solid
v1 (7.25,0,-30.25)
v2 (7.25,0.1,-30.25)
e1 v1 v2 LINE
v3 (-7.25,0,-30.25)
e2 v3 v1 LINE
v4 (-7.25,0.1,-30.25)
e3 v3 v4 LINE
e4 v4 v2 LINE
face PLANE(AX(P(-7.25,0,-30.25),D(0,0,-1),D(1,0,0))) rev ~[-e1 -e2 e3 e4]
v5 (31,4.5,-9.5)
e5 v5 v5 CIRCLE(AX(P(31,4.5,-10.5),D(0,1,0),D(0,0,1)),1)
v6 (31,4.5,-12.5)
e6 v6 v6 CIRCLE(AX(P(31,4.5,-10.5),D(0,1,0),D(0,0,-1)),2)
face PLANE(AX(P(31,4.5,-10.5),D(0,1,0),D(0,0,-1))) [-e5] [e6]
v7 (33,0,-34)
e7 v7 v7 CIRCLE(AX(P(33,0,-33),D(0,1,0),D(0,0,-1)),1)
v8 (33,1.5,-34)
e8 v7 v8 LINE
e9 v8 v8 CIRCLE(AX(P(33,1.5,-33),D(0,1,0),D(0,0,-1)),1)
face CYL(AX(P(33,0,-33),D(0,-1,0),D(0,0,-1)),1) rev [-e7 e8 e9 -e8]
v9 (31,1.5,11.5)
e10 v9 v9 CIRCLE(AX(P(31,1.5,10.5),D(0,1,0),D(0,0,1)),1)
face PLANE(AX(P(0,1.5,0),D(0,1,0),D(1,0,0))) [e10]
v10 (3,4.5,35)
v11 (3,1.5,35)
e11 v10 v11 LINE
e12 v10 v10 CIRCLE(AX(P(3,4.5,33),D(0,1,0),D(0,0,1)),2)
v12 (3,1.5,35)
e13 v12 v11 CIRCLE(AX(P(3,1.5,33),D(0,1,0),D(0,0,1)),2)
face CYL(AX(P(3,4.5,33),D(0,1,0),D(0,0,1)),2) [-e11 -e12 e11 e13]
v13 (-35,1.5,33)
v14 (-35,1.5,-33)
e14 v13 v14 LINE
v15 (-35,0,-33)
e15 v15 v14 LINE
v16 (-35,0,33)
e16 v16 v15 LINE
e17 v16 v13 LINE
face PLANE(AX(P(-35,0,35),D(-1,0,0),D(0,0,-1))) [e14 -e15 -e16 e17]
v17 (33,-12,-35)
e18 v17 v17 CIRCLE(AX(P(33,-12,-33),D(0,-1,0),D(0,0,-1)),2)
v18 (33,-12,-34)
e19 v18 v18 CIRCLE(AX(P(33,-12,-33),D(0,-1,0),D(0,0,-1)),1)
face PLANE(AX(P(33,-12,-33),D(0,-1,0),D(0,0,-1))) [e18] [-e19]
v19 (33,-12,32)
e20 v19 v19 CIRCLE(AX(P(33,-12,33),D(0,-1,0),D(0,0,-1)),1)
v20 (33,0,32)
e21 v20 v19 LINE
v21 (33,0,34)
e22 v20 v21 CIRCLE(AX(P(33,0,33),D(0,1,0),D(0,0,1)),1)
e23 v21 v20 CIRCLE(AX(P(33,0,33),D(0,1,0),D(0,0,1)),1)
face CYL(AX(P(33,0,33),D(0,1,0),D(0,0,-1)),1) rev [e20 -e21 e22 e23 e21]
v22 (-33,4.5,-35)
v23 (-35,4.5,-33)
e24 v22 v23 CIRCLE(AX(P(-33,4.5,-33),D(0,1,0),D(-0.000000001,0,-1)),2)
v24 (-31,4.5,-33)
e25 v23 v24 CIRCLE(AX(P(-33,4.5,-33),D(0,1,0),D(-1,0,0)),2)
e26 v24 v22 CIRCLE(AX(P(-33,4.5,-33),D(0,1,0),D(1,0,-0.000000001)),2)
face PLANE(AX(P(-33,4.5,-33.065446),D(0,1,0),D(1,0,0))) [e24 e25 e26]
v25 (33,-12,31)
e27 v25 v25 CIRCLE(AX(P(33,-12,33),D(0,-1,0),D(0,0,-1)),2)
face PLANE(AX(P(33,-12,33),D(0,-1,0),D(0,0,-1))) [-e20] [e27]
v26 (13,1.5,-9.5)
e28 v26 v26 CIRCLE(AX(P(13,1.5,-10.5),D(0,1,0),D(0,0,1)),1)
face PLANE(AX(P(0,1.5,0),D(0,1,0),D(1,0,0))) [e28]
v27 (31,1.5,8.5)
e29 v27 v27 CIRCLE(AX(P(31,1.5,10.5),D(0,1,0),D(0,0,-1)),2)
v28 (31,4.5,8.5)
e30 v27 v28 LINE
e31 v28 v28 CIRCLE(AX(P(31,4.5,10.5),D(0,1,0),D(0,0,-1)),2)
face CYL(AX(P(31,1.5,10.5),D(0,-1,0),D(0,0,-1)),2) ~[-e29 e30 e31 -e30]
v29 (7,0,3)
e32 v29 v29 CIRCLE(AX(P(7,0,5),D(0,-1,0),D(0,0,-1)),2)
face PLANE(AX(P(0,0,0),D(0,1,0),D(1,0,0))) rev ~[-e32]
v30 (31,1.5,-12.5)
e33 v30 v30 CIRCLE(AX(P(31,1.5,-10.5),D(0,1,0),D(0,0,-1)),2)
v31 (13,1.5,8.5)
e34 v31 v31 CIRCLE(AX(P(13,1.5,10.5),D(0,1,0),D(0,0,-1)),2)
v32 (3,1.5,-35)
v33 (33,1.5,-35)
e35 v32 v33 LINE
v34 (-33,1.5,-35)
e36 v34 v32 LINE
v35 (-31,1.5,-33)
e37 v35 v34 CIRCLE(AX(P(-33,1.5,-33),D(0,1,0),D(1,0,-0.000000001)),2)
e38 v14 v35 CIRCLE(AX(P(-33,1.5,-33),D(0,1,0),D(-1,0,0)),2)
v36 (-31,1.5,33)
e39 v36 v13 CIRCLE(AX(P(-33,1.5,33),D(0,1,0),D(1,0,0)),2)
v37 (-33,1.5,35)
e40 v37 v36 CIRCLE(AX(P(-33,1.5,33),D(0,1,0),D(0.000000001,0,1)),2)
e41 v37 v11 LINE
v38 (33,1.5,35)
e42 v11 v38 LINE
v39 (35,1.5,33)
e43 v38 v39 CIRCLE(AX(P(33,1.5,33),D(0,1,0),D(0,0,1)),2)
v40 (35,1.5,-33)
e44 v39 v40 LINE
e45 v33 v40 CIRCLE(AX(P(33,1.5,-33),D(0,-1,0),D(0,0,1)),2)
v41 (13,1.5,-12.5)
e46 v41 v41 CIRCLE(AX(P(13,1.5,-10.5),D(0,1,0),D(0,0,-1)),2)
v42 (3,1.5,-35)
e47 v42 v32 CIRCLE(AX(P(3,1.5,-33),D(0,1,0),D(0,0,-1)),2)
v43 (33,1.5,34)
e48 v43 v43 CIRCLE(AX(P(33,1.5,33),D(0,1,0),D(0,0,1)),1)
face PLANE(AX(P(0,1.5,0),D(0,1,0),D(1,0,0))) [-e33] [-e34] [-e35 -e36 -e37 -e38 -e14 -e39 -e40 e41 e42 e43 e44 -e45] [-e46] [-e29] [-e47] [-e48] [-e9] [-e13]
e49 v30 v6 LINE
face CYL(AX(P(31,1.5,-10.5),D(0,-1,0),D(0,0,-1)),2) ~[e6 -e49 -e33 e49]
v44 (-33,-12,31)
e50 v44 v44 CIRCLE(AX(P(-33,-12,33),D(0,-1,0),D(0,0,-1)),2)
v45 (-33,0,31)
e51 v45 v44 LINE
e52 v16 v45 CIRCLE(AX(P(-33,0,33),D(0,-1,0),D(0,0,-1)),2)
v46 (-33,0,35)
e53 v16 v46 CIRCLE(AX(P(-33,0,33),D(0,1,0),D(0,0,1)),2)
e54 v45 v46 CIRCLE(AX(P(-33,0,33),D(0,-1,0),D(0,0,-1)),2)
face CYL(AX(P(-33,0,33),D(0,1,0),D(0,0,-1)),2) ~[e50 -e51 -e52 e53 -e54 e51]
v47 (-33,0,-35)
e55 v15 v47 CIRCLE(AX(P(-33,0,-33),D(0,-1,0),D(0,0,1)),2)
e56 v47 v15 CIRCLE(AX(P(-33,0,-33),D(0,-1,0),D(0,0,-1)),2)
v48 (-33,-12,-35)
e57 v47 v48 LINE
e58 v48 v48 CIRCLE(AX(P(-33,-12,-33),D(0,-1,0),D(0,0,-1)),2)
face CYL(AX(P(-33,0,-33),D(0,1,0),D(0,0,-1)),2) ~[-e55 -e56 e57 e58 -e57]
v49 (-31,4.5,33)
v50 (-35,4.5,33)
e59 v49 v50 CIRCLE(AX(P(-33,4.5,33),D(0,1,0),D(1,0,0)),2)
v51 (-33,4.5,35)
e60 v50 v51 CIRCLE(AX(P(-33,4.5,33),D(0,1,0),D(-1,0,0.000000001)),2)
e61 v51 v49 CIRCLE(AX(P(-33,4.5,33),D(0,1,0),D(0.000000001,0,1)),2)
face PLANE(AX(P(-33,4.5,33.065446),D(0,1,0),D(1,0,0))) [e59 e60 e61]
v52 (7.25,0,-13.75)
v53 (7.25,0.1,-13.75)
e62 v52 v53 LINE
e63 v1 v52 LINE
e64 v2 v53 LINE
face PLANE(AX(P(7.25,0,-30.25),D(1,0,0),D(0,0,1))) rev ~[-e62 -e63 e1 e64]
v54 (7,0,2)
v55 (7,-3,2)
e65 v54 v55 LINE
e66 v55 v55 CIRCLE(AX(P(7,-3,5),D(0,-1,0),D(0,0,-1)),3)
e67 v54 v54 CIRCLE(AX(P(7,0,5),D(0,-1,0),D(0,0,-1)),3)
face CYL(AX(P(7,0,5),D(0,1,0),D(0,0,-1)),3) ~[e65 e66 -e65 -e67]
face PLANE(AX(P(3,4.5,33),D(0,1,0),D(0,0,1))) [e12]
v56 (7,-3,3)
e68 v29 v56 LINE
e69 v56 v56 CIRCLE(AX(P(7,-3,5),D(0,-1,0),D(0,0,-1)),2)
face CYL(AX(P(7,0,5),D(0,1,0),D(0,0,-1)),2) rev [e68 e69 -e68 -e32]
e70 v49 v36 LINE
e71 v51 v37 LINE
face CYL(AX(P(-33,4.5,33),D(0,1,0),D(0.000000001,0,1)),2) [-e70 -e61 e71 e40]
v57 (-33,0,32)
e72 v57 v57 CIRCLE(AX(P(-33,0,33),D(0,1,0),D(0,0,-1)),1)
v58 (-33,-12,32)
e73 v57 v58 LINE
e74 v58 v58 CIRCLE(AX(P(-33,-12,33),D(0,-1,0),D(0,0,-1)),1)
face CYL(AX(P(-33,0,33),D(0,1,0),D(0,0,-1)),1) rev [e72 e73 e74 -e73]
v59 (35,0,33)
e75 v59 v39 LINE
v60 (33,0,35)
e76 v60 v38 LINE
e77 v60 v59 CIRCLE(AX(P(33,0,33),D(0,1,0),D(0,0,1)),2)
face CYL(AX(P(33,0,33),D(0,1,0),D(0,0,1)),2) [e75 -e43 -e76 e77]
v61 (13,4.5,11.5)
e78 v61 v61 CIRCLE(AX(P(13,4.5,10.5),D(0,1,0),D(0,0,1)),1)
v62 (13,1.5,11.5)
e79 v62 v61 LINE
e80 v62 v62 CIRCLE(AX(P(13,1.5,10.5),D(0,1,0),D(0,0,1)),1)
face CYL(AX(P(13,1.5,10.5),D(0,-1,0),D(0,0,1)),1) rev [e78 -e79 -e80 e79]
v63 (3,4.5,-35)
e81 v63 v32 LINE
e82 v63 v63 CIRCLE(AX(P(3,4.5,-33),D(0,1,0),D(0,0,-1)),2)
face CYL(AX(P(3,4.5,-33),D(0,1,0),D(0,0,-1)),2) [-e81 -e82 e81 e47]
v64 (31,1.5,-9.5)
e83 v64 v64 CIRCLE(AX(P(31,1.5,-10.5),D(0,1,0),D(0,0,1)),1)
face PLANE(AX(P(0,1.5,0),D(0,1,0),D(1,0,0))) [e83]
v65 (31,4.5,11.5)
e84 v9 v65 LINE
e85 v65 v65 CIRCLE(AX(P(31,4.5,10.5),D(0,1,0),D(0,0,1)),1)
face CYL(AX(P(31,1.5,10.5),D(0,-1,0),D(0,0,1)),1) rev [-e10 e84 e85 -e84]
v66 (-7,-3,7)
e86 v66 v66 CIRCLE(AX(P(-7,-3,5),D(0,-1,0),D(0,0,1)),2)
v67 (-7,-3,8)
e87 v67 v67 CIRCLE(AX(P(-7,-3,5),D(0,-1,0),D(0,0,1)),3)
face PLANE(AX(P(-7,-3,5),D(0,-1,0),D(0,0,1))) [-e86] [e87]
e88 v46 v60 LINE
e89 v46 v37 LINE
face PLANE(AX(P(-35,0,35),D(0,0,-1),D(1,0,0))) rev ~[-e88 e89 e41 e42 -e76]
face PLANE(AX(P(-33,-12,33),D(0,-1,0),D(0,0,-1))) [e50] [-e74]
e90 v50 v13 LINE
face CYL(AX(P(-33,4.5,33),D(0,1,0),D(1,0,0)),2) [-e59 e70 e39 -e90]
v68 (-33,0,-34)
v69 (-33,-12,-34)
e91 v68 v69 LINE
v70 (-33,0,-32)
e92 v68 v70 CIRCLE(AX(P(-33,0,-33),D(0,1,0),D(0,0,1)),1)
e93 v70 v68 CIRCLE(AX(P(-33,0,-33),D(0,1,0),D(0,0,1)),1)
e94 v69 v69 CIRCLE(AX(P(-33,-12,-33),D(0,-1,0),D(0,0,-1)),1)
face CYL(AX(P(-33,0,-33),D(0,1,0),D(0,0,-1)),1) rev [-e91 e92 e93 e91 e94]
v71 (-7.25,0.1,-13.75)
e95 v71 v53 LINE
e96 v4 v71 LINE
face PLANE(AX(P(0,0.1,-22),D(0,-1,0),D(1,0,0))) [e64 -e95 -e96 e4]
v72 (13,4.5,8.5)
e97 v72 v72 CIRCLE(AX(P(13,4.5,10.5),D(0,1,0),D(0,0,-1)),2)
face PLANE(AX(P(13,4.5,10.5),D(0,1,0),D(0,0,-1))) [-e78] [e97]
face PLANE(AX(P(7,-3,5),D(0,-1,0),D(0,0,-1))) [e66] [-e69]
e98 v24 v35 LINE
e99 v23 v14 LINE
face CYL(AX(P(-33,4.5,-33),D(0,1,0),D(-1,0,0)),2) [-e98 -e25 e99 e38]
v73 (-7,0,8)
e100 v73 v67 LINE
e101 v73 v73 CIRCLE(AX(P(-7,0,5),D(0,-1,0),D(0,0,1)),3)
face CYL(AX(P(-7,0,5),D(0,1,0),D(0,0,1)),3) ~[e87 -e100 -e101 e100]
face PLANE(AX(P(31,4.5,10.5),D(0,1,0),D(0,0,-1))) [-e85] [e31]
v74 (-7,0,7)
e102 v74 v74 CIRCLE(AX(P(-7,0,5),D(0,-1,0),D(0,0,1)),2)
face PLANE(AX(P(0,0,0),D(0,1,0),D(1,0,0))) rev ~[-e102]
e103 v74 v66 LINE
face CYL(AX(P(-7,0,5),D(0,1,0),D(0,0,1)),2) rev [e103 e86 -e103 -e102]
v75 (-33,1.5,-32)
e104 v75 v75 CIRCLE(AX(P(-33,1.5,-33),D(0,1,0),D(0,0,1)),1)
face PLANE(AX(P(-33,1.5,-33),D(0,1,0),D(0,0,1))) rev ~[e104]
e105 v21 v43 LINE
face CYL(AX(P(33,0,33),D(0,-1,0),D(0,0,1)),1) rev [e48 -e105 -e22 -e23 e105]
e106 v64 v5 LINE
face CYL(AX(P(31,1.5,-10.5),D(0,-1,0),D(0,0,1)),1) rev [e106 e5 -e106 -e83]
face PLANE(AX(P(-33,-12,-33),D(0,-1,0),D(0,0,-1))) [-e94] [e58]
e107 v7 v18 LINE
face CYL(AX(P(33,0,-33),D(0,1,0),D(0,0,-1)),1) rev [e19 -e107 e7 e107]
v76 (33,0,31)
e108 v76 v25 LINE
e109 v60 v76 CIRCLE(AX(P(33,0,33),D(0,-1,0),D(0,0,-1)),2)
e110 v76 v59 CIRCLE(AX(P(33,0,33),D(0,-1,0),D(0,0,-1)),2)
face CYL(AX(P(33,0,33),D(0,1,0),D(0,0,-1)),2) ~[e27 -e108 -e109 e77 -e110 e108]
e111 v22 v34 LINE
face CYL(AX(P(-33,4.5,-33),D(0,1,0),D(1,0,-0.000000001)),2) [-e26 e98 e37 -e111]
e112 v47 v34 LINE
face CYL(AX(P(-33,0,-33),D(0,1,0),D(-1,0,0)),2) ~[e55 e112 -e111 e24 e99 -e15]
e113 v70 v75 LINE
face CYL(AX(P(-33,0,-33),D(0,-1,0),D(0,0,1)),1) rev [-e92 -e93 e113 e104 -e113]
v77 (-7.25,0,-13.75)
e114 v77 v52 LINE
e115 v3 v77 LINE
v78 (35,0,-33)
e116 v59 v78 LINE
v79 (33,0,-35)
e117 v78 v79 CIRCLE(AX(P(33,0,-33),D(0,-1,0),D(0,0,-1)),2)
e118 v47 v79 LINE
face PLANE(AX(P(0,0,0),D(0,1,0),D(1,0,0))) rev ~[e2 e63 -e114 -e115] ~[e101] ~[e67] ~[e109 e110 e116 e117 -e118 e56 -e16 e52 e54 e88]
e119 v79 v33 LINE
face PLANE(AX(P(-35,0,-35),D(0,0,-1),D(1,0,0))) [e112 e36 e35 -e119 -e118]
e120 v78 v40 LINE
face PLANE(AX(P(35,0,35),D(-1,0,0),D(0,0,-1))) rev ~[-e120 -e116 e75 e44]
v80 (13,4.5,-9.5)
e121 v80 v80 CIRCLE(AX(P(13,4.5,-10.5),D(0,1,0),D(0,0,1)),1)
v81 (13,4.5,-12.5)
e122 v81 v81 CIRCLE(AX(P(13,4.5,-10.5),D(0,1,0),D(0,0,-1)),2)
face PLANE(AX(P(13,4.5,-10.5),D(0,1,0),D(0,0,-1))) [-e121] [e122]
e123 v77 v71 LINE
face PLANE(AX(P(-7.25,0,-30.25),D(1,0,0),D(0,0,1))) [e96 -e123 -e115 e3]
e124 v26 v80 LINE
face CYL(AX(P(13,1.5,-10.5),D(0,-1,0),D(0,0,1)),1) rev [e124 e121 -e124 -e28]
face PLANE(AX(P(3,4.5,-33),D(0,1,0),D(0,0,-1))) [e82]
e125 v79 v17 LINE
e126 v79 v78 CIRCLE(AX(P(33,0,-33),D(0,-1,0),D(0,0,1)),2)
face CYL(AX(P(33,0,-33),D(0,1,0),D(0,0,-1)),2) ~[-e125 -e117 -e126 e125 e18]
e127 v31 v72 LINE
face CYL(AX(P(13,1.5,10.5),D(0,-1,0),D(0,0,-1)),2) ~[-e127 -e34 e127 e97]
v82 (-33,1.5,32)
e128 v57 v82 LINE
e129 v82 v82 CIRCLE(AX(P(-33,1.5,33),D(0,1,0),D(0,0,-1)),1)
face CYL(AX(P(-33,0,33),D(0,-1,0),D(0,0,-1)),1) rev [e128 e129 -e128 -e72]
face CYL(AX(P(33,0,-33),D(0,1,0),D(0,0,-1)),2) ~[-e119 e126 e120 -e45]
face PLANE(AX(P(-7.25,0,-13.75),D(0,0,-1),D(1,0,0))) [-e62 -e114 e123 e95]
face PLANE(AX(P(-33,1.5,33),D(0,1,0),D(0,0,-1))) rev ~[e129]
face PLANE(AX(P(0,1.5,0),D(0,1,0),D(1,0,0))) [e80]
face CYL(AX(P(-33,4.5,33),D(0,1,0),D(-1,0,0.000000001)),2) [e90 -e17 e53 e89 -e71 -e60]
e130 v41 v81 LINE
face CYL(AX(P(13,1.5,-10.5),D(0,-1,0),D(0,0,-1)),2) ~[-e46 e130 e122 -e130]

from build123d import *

# Parameters (mm, degrees)
SKETCH1_W           = 70
SKETCH1_H           = 70
SKETCH1_R           = 1
BOSS_EXTRUDE1_DEPTH = 1.5
FILLET1_R           = 2
SKETCH2_W           = 14.5
SKETCH2_H           = 16.5
CUT_EXTRUDE3_DEPTH  = 0.1
SKETCH3_R           = 3
SKETCH3_R_2         = 2
BOSS_EXTRUDE2_DEPTH = 3
BOSS_EXTRUDE3_START = 3
SKETCH4_R           = 1
SKETCH4_R_2         = 2
BOSS_EXTRUDE3_DEPTH = 3
SKETCH5_R           = 2
SKETCH5_R_2         = 1
BOSS_EXTRUDE4_DEPTH = 3
SKETCH6_R           = 2
SKETCH6_R_2         = 1
BOSS_EXTRUDE5_DEPTH = 12


with BuildPart() as part:
    # Sketch1 → Boss-Extrude1 (new body)
    with BuildSketch(Plane(origin=(0, 0, 0), x_dir=(1, 0, 0), z_dir=(0, 1, 0))):
        Rectangle(SKETCH1_W, SKETCH1_H)
        with Locations(Location((-33, 33, 0), (0, 0, 270))):
            Circle(SKETCH1_R, mode=Mode.SUBTRACT)
        with Locations(Location((-33, -33, 0), (0, 0, 90))):
            Circle(SKETCH1_R, mode=Mode.SUBTRACT)
        with Locations(Location((33, -33, 0), (0, 0, 270))):
            Circle(SKETCH1_R, mode=Mode.SUBTRACT)
        with Locations(Location((33, 33, 0), (0, 0, 90))):
            Circle(SKETCH1_R, mode=Mode.SUBTRACT)
    extrude(amount=BOSS_EXTRUDE1_DEPTH)

    # Fillet1
    fillet1_edges = [part.edges().sort_by_distance(p)[0] for p in [
        (35, 0.75, 35),
        (-35, 0.75, 35),
        (-35, 0.75, -35),
        (35, 0.75, -35),
    ]]
    fillet(fillet1_edges, radius=FILLET1_R)

    # Sketch2 → Cut-Extrude3 (cut)
    with BuildSketch(Plane.XZ):
        with Locations((0, -22)):
            Rectangle(SKETCH2_W, SKETCH2_H)
    extrude(amount=-CUT_EXTRUDE3_DEPTH, mode=Mode.SUBTRACT)

    # Sketch3 → Boss-Extrude2 (add)
    # profile 1 of 2: a face of its own
    with BuildSketch(Plane.XZ):
        with Locations(Location((7, 5, 0), (0, 0, 270))):
            Circle(SKETCH3_R)
        with Locations(Location((7, 5, 0), (0, 0, 270))):
            Circle(SKETCH3_R_2, mode=Mode.SUBTRACT)
    # profile 2 of 2: a face of its own
    with BuildSketch(Plane.XZ):
        with Locations(Location((-7, 5, 0), (0, 0, 90))):
            Circle(SKETCH3_R)
        with Locations(Location((-7, 5, 0), (0, 0, 90))):
            Circle(SKETCH3_R_2, mode=Mode.SUBTRACT)
    extrude(amount=BOSS_EXTRUDE2_DEPTH)

    # Sketch4 → Boss-Extrude3 (add)
    # profile 1 of 6: a face of its own
    with BuildSketch(Plane(origin=(0, 1.5, 0), x_dir=(1, 0, 0), z_dir=(0, 1, 0)).offset(BOSS_EXTRUDE3_START)):
        with BuildLine():
            ThreePointArc((-35, -33), (-34.414213562, -34.414213562), (-33, -35))
            ThreePointArc((-33, -35), (-31.585786438, -34.414213562), (-31, -33))
            ThreePointArc((-31, -33), (-33, -31), (-35, -33))
        make_face()
        with Locations(Location((-33, -33, 0), (0, 0, 90))):
            Circle(SKETCH4_R, mode=Mode.SUBTRACT)
    # profile 2 of 6: a face of its own
    with BuildSketch(Plane(origin=(0, 1.5, 0), x_dir=(1, 0, 0), z_dir=(0, 1, 0)).offset(BOSS_EXTRUDE3_START)):
        with Locations(Location((-33, -33, 0), (0, 0, 90))):
            Circle(SKETCH4_R)
    # profile 3 of 6: a face of its own
    with BuildSketch(Plane(origin=(0, 1.5, 0), x_dir=(1, 0, 0), z_dir=(0, 1, 0)).offset(BOSS_EXTRUDE3_START)):
        with Locations(Location((3, -33, 0), (0, 0, 270))):
            Circle(SKETCH4_R_2)
    # profile 4 of 6: a face of its own
    with BuildSketch(Plane(origin=(0, 1.5, 0), x_dir=(1, 0, 0), z_dir=(0, 1, 0)).offset(BOSS_EXTRUDE3_START)):
        with Locations(Location((3, 33, 0), (0, 0, 90))):
            Circle(SKETCH4_R_2)
    # profile 5 of 6: a face of its own
    with BuildSketch(Plane(origin=(0, 1.5, 0), x_dir=(1, 0, 0), z_dir=(0, 1, 0)).offset(BOSS_EXTRUDE3_START)):
        with BuildLine():
            ThreePointArc((-33, 35), (-34.414213562, 34.414213562), (-35, 33))
            ThreePointArc((-35, 33), (-33, 31), (-31, 33))
            ThreePointArc((-31, 33), (-31.585786438, 34.414213562), (-33, 35))
        make_face()
        with Locations(Location((-33, 33, 0), (0, 0, 270))):
            Circle(SKETCH4_R, mode=Mode.SUBTRACT)
    # profile 6 of 6: a face of its own
    with BuildSketch(Plane(origin=(0, 1.5, 0), x_dir=(1, 0, 0), z_dir=(0, 1, 0)).offset(BOSS_EXTRUDE3_START)):
        with Locations(Location((-33, 33, 0), (0, 0, 270))):
            Circle(SKETCH4_R)
    extrude(amount=-BOSS_EXTRUDE3_DEPTH)

    # Sketch5 → Boss-Extrude4 (add)
    # profile 1 of 4: a face of its own
    with BuildSketch(Plane(origin=(0, 1.5, 0), x_dir=(1, 0, 0), z_dir=(0, 1, 0))):
        with Locations(Location((13, 10.5, 0), (0, 0, 90))):
            Circle(SKETCH5_R)
        with Locations(Location((13, 10.5, 0), (0, 0, 270))):
            Circle(SKETCH5_R_2, mode=Mode.SUBTRACT)
    # profile 2 of 4: a face of its own
    with BuildSketch(Plane(origin=(0, 1.5, 0), x_dir=(1, 0, 0), z_dir=(0, 1, 0))):
        with Locations(Location((31, 10.5, 0), (0, 0, 90))):
            Circle(SKETCH5_R)
        with Locations(Location((31, 10.5, 0), (0, 0, 270))):
            Circle(SKETCH5_R_2, mode=Mode.SUBTRACT)
    # profile 3 of 4: a face of its own
    with BuildSketch(Plane(origin=(0, 1.5, 0), x_dir=(1, 0, 0), z_dir=(0, 1, 0))):
        with Locations(Location((31, -10.5, 0), (0, 0, 90))):
            Circle(SKETCH5_R)
        with Locations(Location((31, -10.5, 0), (0, 0, 270))):
            Circle(SKETCH5_R_2, mode=Mode.SUBTRACT)
    # profile 4 of 4: a face of its own
    with BuildSketch(Plane(origin=(0, 1.5, 0), x_dir=(1, 0, 0), z_dir=(0, 1, 0))):
        with Locations(Location((13, -10.5, 0), (0, 0, 90))):
            Circle(SKETCH5_R)
        with Locations(Location((13, -10.5, 0), (0, 0, 270))):
            Circle(SKETCH5_R_2, mode=Mode.SUBTRACT)
    extrude(amount=BOSS_EXTRUDE4_DEPTH)

    # Sketch6 → Boss-Extrude5 (add)
    # profile 1 of 4: a face of its own
    with BuildSketch(Plane.XZ):
        with Locations(Location((-33, 33, 0), (0, 0, 270))):
            Circle(SKETCH6_R)
        with Locations(Location((-33, 33, 0), (0, 0, 270))):
            Circle(SKETCH6_R_2, mode=Mode.SUBTRACT)
    # profile 2 of 4: a face of its own
    with BuildSketch(Plane.XZ):
        with Locations(Location((33, 33, 0), (0, 0, 270))):
            Circle(SKETCH6_R)
        with Locations(Location((33, 33, 0), (0, 0, 270))):
            Circle(SKETCH6_R_2, mode=Mode.SUBTRACT)
    # profile 3 of 4: a face of its own
    with BuildSketch(Plane.XZ):
        with Locations(Location((33, -33, 0), (0, 0, 270))):
            Circle(SKETCH6_R)
        with Locations(Location((33, -33, 0), (0, 0, 270))):
            Circle(SKETCH6_R_2, mode=Mode.SUBTRACT)
    # profile 4 of 4: a face of its own
    with BuildSketch(Plane.XZ):
        with Locations(Location((-33, -33, 0), (0, 0, 270))):
            Circle(SKETCH6_R)
        with Locations(Location((-33, -33, 0), (0, 0, 270))):
            Circle(SKETCH6_R_2, mode=Mode.SUBTRACT)
    extrude(amount=BOSS_EXTRUDE5_DEPTH)


solid = part.part
